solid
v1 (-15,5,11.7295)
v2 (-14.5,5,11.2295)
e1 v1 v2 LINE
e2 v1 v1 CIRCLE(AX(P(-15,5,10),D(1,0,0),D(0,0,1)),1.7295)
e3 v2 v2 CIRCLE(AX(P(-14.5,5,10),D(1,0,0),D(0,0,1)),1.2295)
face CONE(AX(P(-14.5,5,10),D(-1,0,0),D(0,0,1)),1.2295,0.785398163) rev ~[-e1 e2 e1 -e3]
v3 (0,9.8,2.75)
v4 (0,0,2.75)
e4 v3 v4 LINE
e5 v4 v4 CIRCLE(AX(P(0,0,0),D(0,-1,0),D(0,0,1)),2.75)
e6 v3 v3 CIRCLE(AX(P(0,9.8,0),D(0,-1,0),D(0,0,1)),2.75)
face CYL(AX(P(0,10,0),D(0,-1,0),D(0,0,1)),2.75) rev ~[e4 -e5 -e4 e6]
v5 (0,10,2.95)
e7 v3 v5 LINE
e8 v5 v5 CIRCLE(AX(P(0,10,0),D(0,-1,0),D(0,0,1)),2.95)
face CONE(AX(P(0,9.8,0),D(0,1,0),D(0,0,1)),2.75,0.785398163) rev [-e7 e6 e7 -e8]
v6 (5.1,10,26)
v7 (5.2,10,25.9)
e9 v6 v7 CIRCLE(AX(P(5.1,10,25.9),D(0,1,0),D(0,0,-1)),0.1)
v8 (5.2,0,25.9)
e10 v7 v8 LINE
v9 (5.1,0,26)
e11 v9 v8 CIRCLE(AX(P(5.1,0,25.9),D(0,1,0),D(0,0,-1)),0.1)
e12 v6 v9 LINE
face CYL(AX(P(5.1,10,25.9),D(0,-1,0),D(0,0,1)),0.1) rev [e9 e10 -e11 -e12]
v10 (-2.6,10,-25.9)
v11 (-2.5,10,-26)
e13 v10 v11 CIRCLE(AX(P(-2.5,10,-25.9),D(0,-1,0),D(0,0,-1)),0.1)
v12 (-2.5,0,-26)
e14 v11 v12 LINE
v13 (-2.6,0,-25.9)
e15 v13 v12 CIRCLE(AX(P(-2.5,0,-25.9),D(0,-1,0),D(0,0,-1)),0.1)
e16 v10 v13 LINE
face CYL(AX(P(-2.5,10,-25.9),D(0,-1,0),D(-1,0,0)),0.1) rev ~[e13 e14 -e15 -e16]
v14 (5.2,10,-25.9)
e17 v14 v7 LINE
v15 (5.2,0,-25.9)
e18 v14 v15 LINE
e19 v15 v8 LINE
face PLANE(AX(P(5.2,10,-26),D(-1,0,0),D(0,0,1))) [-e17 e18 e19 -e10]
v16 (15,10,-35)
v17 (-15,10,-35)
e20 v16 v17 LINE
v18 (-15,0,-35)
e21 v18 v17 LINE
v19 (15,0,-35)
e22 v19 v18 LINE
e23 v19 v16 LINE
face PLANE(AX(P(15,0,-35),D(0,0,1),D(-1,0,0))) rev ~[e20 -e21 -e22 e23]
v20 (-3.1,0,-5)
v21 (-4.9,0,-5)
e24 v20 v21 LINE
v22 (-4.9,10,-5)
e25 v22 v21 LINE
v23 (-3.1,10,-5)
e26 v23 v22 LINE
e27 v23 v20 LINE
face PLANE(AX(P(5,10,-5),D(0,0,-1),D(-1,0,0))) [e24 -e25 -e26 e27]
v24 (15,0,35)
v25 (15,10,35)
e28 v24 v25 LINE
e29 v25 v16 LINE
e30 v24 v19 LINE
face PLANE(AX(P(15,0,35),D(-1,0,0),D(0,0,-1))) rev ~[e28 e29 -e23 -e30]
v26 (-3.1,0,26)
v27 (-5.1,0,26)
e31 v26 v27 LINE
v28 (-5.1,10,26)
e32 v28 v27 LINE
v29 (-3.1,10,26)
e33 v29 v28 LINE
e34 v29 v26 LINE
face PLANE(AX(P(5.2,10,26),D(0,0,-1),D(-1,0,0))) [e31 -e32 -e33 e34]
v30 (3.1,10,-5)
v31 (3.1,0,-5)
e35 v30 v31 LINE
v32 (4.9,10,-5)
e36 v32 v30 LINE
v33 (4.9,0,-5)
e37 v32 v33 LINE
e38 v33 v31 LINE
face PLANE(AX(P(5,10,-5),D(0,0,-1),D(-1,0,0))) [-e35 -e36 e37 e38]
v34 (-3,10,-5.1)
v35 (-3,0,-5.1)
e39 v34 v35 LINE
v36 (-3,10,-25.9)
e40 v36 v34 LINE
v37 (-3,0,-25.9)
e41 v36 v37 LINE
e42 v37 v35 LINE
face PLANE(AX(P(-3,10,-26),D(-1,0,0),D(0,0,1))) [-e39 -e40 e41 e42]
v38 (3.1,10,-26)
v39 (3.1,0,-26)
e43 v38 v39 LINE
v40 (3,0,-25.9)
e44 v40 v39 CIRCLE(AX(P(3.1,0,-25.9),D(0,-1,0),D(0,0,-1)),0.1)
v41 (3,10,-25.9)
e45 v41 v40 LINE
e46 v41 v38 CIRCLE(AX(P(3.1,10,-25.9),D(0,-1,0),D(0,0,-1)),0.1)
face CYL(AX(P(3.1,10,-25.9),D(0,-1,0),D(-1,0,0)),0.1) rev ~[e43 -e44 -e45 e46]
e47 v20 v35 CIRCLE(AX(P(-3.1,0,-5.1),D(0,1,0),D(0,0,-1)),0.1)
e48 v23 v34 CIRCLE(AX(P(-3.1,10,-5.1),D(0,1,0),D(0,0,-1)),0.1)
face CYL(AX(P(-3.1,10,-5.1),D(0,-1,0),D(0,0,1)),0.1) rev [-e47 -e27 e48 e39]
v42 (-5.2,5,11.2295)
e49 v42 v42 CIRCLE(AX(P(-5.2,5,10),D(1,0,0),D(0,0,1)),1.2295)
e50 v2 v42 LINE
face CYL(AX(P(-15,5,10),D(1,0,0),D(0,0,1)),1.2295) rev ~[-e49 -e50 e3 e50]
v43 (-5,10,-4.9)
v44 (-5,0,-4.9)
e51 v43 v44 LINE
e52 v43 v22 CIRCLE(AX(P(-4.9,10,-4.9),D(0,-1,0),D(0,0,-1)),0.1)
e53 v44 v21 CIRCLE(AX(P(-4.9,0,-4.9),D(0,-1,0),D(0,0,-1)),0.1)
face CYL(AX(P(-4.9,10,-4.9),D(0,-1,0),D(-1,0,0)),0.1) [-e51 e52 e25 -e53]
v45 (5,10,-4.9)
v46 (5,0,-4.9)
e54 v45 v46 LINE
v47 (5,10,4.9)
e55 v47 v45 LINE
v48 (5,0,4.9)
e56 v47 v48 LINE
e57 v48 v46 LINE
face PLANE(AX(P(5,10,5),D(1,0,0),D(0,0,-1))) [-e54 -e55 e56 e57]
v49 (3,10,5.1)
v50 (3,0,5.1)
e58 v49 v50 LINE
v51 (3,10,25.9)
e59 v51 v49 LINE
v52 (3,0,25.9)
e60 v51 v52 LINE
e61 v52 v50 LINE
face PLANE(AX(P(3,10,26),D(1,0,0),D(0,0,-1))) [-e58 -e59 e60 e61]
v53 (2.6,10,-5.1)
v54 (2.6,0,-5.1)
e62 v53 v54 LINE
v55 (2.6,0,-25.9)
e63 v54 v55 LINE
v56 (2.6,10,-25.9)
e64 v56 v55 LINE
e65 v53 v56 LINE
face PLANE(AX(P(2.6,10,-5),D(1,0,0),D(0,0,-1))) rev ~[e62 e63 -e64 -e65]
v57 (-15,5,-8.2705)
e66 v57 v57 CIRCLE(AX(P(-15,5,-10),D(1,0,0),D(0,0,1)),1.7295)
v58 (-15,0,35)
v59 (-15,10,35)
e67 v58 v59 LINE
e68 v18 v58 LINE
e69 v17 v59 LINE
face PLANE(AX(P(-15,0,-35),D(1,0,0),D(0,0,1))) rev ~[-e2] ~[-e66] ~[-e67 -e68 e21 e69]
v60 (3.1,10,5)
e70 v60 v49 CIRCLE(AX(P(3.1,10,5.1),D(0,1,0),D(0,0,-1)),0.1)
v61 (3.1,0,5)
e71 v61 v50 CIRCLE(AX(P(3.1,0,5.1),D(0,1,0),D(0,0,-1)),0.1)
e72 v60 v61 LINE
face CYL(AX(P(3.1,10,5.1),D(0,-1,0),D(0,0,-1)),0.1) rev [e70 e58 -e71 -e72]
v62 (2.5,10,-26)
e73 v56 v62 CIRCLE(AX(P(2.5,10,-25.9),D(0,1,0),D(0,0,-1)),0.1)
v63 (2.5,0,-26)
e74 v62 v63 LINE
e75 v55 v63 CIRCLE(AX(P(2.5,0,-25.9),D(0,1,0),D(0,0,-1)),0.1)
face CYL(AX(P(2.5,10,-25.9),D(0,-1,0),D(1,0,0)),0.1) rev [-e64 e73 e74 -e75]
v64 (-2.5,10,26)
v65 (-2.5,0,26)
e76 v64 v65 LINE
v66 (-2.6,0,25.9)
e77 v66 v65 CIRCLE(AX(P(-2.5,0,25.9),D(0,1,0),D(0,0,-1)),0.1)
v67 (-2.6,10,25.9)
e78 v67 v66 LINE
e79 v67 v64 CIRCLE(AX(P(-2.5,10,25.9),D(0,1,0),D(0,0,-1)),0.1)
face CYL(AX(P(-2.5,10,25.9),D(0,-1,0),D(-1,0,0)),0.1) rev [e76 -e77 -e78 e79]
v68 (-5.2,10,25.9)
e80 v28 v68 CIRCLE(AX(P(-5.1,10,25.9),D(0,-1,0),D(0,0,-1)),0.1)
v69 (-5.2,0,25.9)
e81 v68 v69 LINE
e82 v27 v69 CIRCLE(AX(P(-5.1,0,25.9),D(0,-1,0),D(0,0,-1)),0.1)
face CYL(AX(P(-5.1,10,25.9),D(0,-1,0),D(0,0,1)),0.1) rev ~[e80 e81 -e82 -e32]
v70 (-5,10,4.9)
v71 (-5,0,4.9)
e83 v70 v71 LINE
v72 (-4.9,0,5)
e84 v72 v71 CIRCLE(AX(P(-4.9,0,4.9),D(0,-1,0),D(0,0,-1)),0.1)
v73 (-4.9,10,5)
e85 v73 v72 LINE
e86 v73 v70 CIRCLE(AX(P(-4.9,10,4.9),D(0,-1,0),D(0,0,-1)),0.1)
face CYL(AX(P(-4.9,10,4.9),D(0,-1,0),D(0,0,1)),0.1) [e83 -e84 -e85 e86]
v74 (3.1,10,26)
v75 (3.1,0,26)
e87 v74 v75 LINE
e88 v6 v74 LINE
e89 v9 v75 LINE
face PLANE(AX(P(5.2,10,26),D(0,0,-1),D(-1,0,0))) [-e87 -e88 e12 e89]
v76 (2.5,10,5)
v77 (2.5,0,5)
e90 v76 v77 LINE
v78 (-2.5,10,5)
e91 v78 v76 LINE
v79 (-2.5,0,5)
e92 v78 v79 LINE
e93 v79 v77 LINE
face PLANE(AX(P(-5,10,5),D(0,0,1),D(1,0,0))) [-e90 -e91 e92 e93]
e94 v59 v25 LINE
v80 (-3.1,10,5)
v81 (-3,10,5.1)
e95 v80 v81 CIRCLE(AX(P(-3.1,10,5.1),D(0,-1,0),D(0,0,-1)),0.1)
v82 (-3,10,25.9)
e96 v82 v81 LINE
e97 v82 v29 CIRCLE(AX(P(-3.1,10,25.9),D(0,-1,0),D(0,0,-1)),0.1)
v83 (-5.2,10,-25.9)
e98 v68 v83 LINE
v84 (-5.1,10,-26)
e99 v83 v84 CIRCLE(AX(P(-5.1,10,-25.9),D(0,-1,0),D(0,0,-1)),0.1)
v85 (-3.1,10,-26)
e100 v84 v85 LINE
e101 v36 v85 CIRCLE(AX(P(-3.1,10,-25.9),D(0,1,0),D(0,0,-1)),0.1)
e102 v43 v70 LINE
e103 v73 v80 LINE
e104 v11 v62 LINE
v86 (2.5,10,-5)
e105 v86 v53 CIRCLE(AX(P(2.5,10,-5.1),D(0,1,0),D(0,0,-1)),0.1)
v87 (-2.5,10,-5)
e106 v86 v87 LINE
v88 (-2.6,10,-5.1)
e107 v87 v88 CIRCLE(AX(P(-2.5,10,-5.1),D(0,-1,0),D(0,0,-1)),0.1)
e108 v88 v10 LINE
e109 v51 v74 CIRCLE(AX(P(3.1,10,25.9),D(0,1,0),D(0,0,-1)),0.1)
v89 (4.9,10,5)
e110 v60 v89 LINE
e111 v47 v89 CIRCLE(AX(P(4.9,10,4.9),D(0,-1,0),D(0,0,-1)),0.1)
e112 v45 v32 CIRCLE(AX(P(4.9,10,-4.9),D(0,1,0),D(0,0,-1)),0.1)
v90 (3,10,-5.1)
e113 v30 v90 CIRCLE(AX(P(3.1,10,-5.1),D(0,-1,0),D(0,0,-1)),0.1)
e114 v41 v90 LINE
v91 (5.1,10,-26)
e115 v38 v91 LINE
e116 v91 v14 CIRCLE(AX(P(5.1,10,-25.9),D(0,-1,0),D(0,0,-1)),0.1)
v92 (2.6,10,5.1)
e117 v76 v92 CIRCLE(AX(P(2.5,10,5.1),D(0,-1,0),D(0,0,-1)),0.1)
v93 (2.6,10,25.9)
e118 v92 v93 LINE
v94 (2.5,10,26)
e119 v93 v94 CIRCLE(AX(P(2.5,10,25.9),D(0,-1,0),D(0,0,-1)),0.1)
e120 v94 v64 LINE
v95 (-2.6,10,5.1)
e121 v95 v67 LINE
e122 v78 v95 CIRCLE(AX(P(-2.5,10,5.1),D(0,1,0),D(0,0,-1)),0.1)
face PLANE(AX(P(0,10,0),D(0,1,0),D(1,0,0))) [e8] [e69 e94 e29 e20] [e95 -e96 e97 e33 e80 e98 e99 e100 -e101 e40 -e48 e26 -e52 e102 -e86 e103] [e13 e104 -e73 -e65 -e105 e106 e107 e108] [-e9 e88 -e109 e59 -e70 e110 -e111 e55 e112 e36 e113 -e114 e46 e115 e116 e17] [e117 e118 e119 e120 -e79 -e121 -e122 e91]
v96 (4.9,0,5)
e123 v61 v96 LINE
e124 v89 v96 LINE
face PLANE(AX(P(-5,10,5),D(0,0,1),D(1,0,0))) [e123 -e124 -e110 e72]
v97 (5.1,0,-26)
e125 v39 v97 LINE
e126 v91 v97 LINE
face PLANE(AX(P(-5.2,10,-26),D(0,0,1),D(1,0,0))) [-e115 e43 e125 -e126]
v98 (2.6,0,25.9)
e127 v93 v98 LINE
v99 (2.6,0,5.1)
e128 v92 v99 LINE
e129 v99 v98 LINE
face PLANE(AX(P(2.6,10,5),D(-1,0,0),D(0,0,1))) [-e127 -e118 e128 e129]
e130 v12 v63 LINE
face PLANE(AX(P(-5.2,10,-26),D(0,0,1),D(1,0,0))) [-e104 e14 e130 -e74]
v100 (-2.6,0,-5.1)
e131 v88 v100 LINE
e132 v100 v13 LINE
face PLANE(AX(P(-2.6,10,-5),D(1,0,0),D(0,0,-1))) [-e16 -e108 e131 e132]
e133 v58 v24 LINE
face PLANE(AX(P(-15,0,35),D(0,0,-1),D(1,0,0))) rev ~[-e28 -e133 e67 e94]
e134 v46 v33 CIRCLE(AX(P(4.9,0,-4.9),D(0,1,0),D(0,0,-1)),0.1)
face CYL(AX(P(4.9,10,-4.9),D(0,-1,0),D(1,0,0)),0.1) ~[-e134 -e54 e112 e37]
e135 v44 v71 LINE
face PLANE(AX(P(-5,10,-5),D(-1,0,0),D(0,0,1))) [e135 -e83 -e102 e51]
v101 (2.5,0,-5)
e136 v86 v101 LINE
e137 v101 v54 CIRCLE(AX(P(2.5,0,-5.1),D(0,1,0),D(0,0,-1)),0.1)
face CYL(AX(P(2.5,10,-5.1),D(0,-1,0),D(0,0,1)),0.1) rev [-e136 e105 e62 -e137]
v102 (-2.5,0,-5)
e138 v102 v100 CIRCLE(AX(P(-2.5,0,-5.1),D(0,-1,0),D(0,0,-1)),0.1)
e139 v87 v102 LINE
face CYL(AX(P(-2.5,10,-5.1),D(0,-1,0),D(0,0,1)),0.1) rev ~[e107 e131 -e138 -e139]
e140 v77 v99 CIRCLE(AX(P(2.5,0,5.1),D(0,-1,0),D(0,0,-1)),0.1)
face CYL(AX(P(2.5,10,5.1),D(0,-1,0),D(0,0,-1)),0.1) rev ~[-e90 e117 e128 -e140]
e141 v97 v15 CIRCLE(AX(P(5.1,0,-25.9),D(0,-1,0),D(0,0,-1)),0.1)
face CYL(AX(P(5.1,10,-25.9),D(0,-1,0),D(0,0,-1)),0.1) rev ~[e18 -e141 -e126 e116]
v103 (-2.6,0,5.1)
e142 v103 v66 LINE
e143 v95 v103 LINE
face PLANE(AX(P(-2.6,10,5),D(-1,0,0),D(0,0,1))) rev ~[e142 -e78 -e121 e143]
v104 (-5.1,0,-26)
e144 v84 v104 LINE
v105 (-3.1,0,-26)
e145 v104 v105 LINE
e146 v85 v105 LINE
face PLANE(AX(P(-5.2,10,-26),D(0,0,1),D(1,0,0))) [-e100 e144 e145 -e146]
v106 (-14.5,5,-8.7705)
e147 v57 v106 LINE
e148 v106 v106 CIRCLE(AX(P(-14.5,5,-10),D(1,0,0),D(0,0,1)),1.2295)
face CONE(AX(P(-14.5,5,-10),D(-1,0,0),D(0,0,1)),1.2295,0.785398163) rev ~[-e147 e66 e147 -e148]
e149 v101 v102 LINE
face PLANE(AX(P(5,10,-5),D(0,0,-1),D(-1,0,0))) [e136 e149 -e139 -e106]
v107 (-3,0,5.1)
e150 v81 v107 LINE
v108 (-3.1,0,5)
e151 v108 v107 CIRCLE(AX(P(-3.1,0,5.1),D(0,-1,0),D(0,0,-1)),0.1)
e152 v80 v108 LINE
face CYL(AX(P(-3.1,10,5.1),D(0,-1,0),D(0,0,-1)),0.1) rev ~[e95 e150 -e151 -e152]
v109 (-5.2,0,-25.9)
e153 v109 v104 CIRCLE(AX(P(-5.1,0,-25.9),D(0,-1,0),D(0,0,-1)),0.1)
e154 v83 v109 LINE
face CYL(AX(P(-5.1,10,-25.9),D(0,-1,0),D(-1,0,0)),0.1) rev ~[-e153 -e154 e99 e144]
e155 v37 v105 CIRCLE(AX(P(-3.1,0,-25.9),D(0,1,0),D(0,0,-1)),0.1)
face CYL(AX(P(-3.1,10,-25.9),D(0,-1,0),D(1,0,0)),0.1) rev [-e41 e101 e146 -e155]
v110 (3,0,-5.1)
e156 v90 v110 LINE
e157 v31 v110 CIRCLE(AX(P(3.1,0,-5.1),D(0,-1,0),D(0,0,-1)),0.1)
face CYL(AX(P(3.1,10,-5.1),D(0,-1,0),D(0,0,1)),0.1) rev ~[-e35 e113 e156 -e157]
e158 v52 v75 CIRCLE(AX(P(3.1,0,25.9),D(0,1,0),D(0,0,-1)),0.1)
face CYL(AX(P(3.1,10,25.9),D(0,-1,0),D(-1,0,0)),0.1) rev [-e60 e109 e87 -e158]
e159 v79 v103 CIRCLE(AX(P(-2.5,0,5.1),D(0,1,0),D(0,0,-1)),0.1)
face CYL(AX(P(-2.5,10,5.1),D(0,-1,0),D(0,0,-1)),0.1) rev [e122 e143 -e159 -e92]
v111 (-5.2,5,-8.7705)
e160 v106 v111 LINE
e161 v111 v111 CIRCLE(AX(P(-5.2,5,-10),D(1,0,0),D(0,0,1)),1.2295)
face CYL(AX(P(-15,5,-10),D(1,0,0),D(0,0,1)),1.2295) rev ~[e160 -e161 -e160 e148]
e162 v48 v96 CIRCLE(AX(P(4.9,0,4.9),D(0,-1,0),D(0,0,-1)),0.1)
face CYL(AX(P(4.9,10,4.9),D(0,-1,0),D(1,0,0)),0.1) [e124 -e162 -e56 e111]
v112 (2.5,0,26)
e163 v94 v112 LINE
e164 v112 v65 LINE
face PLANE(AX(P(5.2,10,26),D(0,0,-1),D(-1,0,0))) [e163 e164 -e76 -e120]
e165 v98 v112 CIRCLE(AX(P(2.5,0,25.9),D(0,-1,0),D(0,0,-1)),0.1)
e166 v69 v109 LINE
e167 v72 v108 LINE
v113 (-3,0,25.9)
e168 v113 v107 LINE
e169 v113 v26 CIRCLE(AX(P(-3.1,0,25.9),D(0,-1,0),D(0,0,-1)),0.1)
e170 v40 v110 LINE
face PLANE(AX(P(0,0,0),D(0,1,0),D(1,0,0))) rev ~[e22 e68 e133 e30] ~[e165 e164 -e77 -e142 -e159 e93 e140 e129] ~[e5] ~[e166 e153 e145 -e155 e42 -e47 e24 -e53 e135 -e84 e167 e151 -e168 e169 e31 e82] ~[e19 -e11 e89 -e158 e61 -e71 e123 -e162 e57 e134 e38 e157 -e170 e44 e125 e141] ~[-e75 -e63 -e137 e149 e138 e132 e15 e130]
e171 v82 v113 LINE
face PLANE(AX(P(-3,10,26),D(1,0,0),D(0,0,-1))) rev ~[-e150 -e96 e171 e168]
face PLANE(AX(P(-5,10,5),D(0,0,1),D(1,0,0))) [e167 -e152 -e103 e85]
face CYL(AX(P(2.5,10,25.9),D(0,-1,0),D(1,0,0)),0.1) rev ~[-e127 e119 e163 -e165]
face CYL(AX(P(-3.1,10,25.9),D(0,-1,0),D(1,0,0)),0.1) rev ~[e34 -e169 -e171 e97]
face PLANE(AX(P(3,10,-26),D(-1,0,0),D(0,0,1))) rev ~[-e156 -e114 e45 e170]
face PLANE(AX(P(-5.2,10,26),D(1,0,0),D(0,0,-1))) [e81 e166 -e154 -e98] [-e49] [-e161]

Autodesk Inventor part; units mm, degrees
ref_plane "YZ Plane" through (0, 0, 0) normal (1, 0, 0) x (0, 1, 0)
ref_plane "XZ Plane" through (0, 0, 0) normal (0, 1, 0) x (-1, 0, 0)
ref_plane "XY Plane" through (0, 0, 0) normal (0, 0, 1) x (1, 0, 0)
sketch "Sketch1" plane through (0, 0, 0) normal (0, 1, 0) x (-1, 0, 0)
  line L0 (15, 35) -> (-15, 35)
  line L1 (-15, 35) -> (-15, -35)
  line L2 (-15, -35) -> (15, -35)
  line L3 (15, -35) -> (15, 35)
  line L4 (15, 35) -> (-15, -35) construction
  line L5 (-15, 35) -> (15, -35) construction
  point P0 (0, 0)
  dimension "d0" = 30
  dimension "d1" = 70
extrude "gabaryty" add sketch "Sketch1" along normal blind 10
sketch "Sketch2" plane through (0, 10, 0) normal (0, 1, 0) x (1, 0, 0)
  line L0 (5.2, -26) -> (-5.2, -26)
  line L1 (-5.2, -26) -> (-5.2, 26)
  line L2 (-5.2, 26) -> (5.2, 26)
  line L3 (5.2, 26) -> (5.2, -26)
  line L4 (5.2, -26) -> (-5.2, 26) construction
  line L5 (-5.2, -26) -> (5.2, 26) construction
  point P0 (0, 0)
  dimension "d4" = 10.4
  dimension "d5" = 52
extrude "przestrzen srodek" cut sketch "Sketch2" against normal through all
sketch "Sketch3" plane through (0, 10, 0) normal (0, 1, 0) x (1, 0, 0)
  line L0 (5, 5) -> (-5, 5)
  line L1 (-5, 5) -> (-5, -5)
  line L2 (-5, -5) -> (5, -5)
  line L3 (5, -5) -> (5, 5)
  line L4 (5, 5) -> (-5, -5) construction
  line L5 (-5, 5) -> (5, -5) construction
  point P0 (0, 0)
  dimension "d8" = 10
  dimension "d9" = 10
extrude "bloczek srodek" add sketch "Sketch3" against normal blind 10
sketch "Sketch4" plane through (0, 10, 0) normal (0, 1, 0) x (1, 0, 0)
  line L0 (-5, 5) -> (-5, -5) construction
  line L1 (-5, -5) -> (5, -5) construction
  line L2 (5, -5) -> (5, 5) construction
  line L3 (5, 5) -> (-5, 5) construction
  line L4 (-5.2, -26) -> (-5.2, 26) construction
  line L5 (-5.2, 26) -> (5.2, 26) construction
  line L6 (5.2, 26) -> (5.2, -26) construction
  line L7 (5.2, -26) -> (-5.2, -26) construction
  line L8 (15, -35) -> (15, 35) construction
  line L9 (15, 35) -> (-15, 35) construction
  line L10 (-15, 35) -> (-15, -35) construction
  line L11 (-15, -35) -> (15, -35) construction
  line L12 (-5.2, -26) -> (5.2, -26) projected
  line L13 (-3, -5) -> (-2.6, -5)
  line L14 (-2.6, -5) -> (-2.6, -26)
  line L15 (-2.6, -26) -> (-3, -26)
  line L16 (-3, -26) -> (-3, -5)
  line L17 (3, -5) -> (2.6, -5)
  line L18 (2.6, -5) -> (2.6, -26)
  line L19 (2.6, -26) -> (3, -26)
  line L20 (3, -26) -> (3, -5)
  line L21 (3, 5) -> (2.6, 5)
  line L22 (2.6, 5) -> (2.6, 26)
  line L23 (2.6, 26) -> (3, 26)
  line L24 (3, 26) -> (3, 5)
  line L25 (-5, 5) -> (5, 5) projected
  line L26 (-3, 5) -> (-2.6, 5)
  line L27 (-2.6, 5) -> (-2.6, 26)
  line L28 (-2.6, 26) -> (-3, 26)
  line L29 (-3, 26) -> (-3, 5)
  point P0 (0, 0)
  point P1 (-2.6, 5)
  dimension "d12" = 0.4
  dimension "d13" = 2
  dimension "d14" = 0.4
  dimension "d15" = 2
  dimension "d16" = 0.4
  dimension "d17" = 2
  dimension "d18" = 0.4
  dimension "d19" = 2
extrude "Belki" add sketch "Sketch4" against normal blind 10
sketch "Sketch5" plane through (0, 10, 0) normal (0, 1, 0) x (1, 0, 0)
  point P0 (0, 0)
  point P1 (0, 0)
hole "srodek" at (0, 10, 0) direction (0, -1, 0) diameter 5.5 end through all clearance for "Slotted Cheese Head Screw ISO 1207" size "M5" standard "ISO"
sketch "Sketch6" plane through (-15, 0, -35) normal (-1, 0, 0) x (0, 0, 1)
  line L0 (0, 0) -> (70, 0) construction
  line L1 (70, 0) -> (70, 10) construction
  line L2 (0, 10) -> (70, 10) construction
  line L3 (0, 0) -> (0, 10) construction
  line L4 (35, 0) -> (35, 10) construction
  point P0 (45, 5)
  point P1 (25, 5)
  dimension "d29" = 10
  dimension "d30" = 10
  dimension "d31" = 5
  dimension "d32" = 5
hole "mocowanie gora" at (-15, 5, 10) at (-15, 5, -10) direction (1, 0, 0) diameter 2.459 depth 9.8 thread size "M3x0.5" class "6H" standard "ISO Metric profile"
chamfer "Chamfer1" distance 0.5 angle 45 2 edges at (-15, 5, -11.2295) (-15, 5, 8.7705)
fillet "zaokraglenie lasera" radius 0.1 24 edges at (-3, 5, 5) (-2.6, 5, 5) (-3, 5, 26) (-2.6, 5, 26) (2.6, 5, 26) (2.6, 5, 5) (3, 5, 5) (3, 5, 26) (3, 5, -5) (2.6, 5, -5) (-2.6, 5, -5) (-3, 5, -5) (-3, 5, -26) (2.6, 5, -26) (-2.6, 5, -26) (3, 5, -26) (-5.2, 5, 26) (-5.2, 5, -26) (5.2, 5, -26) (5.2, 5, 26) (-5, 5, 5) (-5, 5, -5) (5, 5, -5) (5, 5, 5)
chamfer "Chamfer2" distance 0.2 angle 45 1 edges at (0, 10, -2.75)
equation "\"d14\" = d12"
equation "\"d15\" = d13"
equation "\"d16\" = d12"
equation "\"d17\" = d13"
equation "\"d18\" = d12"
equation "\"d19\" = d13"
equation "\"d30\" = d29"
equation "\"d32\" = d31"
properties material "Steel ASTM A36"
